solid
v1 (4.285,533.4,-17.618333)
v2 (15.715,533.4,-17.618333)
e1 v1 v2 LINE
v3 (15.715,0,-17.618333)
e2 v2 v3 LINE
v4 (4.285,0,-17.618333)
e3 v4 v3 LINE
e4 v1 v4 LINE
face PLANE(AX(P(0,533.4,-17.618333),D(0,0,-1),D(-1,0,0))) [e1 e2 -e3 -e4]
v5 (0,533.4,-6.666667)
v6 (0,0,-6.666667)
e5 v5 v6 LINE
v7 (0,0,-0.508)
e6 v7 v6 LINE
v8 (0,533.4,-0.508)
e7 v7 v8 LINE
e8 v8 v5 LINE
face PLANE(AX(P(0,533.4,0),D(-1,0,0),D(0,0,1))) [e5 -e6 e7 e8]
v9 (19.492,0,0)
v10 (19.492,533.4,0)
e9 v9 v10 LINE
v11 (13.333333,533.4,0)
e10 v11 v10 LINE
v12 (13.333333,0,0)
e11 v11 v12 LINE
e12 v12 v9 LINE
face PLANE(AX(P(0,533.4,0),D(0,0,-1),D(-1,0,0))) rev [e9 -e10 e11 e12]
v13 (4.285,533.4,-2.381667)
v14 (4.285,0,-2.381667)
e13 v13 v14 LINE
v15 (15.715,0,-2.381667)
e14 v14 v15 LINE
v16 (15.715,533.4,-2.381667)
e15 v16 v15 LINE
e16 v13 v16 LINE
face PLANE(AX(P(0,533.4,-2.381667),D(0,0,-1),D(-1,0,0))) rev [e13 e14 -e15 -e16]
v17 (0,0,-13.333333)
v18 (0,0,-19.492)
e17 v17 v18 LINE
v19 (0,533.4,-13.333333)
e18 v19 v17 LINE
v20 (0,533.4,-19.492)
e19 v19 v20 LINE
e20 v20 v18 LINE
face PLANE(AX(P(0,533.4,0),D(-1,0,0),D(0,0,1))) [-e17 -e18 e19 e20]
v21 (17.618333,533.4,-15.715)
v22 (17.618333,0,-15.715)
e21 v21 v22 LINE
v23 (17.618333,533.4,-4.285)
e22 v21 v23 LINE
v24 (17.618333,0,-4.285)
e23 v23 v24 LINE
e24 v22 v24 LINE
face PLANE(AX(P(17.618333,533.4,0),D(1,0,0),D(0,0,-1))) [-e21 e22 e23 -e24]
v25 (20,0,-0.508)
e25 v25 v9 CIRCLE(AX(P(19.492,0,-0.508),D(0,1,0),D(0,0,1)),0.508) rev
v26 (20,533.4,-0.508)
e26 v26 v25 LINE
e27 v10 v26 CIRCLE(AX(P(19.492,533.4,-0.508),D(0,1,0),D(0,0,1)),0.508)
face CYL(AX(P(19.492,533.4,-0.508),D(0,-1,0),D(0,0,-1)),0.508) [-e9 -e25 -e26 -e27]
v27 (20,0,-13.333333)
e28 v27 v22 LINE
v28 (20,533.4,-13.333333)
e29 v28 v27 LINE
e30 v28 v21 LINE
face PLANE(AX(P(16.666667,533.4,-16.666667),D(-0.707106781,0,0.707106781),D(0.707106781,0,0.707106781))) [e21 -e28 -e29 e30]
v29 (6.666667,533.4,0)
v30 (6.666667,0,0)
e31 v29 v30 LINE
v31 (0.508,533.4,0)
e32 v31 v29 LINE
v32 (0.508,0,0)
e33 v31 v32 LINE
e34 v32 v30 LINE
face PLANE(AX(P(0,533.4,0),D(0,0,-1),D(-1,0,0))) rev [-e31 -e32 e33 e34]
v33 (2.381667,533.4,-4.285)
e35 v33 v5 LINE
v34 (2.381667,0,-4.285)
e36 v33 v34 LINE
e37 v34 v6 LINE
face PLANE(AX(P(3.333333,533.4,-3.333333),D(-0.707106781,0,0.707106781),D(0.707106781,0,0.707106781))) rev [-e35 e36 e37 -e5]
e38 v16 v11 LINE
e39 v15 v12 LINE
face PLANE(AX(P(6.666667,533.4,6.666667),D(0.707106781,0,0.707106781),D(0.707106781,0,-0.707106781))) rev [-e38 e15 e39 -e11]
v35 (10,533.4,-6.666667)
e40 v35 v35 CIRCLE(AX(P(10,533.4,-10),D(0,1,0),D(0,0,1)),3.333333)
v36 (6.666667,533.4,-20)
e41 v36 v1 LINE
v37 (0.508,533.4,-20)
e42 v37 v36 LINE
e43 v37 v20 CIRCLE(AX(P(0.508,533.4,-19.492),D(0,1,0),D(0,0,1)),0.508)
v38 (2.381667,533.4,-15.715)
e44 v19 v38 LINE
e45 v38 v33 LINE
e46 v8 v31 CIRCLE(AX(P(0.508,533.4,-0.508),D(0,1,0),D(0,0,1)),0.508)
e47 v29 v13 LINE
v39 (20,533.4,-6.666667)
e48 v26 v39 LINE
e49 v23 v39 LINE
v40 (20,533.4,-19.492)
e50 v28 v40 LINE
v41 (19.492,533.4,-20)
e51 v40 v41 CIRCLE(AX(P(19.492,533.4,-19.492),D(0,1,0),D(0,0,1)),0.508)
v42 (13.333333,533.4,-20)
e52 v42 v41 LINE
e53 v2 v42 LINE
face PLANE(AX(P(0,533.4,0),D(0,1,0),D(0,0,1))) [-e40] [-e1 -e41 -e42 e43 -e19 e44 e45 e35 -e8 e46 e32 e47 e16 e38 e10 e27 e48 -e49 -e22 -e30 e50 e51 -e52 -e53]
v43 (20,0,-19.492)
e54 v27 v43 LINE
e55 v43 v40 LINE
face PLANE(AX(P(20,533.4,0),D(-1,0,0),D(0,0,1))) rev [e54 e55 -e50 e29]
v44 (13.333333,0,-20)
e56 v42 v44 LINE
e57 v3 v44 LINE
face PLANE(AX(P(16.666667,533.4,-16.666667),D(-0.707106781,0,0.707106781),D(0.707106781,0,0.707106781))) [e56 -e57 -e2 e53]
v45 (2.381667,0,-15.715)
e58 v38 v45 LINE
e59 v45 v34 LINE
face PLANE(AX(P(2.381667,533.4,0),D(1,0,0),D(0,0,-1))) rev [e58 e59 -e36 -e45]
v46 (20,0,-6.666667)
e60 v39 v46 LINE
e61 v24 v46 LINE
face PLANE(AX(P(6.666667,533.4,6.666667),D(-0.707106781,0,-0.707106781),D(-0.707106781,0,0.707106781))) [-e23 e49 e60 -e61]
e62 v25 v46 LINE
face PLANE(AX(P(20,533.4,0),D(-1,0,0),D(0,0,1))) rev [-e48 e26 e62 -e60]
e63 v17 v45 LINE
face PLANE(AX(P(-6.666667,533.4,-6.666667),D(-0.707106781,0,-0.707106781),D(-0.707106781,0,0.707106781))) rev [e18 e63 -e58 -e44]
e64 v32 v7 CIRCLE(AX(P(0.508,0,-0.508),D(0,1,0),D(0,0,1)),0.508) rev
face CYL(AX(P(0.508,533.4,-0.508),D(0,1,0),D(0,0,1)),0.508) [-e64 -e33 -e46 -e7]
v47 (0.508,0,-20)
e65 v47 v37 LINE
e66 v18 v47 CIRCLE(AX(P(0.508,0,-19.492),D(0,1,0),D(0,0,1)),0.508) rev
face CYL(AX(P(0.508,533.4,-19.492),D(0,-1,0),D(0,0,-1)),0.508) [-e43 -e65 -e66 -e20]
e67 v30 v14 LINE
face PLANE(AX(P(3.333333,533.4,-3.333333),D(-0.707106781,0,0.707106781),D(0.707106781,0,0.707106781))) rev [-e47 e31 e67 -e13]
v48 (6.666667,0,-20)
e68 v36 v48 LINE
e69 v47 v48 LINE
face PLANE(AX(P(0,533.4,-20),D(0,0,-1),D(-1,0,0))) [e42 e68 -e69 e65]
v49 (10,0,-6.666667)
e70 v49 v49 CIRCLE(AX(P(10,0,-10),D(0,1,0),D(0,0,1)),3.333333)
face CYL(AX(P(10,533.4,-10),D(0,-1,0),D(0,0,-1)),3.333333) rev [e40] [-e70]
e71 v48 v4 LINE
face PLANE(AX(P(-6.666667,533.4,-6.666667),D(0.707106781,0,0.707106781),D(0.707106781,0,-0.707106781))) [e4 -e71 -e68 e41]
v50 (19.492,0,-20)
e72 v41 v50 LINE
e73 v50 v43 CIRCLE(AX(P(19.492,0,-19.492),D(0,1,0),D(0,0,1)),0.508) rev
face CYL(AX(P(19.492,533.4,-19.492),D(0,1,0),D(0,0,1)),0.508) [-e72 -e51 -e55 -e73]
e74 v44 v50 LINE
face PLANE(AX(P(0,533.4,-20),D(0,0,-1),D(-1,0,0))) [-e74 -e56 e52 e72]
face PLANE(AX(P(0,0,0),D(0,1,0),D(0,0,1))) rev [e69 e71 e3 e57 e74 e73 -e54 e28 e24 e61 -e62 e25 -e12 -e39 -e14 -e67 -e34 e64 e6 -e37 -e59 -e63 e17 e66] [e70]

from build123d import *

# Parameters (mm, degrees)
SKETCH1_R           = 3.333333333
BOSS_EXTRUDE1_DEPTH = 533.4
FILLET4_R           = 0.508


with BuildPart() as part:
    # Sketch1 → Boss-Extrude1 (new body)
    with BuildSketch(Plane(origin=(0, 0, 0), x_dir=(1, 0, 0), z_dir=(0, 1, 0))):
        Polygon((4.285, 17.618333333), (6.666666667, 20), (0, 20), (0, 13.333333333), (2.381666667, 15.715), (2.381666667, 4.285), (0, 6.666666667), (0, 0), (6.666666667, 0), (4.285, 2.381666667), (15.715, 2.381666667), (13.333333333, 0), (20, 0), (20, 6.666666667), (17.618333333, 4.285), (17.618333333, 15.715), (20, 13.333333333), (20, 20), (13.333333333, 20), (15.715, 17.618333333), align=None)
        with Locations((10, 10)):
            Circle(SKETCH1_R, mode=Mode.SUBTRACT)
    extrude(amount=BOSS_EXTRUDE1_DEPTH)

    # Fillet4
    fillet4_edges = [part.edges().sort_by_distance(p)[0] for p in [
        (20, 266.7, 0),
        (0, 266.7, 0),
        (0, 266.7, -20),
        (20, 266.7, -20),
    ]]
    fillet(fillet4_edges, radius=FILLET4_R)


solid = part.part
